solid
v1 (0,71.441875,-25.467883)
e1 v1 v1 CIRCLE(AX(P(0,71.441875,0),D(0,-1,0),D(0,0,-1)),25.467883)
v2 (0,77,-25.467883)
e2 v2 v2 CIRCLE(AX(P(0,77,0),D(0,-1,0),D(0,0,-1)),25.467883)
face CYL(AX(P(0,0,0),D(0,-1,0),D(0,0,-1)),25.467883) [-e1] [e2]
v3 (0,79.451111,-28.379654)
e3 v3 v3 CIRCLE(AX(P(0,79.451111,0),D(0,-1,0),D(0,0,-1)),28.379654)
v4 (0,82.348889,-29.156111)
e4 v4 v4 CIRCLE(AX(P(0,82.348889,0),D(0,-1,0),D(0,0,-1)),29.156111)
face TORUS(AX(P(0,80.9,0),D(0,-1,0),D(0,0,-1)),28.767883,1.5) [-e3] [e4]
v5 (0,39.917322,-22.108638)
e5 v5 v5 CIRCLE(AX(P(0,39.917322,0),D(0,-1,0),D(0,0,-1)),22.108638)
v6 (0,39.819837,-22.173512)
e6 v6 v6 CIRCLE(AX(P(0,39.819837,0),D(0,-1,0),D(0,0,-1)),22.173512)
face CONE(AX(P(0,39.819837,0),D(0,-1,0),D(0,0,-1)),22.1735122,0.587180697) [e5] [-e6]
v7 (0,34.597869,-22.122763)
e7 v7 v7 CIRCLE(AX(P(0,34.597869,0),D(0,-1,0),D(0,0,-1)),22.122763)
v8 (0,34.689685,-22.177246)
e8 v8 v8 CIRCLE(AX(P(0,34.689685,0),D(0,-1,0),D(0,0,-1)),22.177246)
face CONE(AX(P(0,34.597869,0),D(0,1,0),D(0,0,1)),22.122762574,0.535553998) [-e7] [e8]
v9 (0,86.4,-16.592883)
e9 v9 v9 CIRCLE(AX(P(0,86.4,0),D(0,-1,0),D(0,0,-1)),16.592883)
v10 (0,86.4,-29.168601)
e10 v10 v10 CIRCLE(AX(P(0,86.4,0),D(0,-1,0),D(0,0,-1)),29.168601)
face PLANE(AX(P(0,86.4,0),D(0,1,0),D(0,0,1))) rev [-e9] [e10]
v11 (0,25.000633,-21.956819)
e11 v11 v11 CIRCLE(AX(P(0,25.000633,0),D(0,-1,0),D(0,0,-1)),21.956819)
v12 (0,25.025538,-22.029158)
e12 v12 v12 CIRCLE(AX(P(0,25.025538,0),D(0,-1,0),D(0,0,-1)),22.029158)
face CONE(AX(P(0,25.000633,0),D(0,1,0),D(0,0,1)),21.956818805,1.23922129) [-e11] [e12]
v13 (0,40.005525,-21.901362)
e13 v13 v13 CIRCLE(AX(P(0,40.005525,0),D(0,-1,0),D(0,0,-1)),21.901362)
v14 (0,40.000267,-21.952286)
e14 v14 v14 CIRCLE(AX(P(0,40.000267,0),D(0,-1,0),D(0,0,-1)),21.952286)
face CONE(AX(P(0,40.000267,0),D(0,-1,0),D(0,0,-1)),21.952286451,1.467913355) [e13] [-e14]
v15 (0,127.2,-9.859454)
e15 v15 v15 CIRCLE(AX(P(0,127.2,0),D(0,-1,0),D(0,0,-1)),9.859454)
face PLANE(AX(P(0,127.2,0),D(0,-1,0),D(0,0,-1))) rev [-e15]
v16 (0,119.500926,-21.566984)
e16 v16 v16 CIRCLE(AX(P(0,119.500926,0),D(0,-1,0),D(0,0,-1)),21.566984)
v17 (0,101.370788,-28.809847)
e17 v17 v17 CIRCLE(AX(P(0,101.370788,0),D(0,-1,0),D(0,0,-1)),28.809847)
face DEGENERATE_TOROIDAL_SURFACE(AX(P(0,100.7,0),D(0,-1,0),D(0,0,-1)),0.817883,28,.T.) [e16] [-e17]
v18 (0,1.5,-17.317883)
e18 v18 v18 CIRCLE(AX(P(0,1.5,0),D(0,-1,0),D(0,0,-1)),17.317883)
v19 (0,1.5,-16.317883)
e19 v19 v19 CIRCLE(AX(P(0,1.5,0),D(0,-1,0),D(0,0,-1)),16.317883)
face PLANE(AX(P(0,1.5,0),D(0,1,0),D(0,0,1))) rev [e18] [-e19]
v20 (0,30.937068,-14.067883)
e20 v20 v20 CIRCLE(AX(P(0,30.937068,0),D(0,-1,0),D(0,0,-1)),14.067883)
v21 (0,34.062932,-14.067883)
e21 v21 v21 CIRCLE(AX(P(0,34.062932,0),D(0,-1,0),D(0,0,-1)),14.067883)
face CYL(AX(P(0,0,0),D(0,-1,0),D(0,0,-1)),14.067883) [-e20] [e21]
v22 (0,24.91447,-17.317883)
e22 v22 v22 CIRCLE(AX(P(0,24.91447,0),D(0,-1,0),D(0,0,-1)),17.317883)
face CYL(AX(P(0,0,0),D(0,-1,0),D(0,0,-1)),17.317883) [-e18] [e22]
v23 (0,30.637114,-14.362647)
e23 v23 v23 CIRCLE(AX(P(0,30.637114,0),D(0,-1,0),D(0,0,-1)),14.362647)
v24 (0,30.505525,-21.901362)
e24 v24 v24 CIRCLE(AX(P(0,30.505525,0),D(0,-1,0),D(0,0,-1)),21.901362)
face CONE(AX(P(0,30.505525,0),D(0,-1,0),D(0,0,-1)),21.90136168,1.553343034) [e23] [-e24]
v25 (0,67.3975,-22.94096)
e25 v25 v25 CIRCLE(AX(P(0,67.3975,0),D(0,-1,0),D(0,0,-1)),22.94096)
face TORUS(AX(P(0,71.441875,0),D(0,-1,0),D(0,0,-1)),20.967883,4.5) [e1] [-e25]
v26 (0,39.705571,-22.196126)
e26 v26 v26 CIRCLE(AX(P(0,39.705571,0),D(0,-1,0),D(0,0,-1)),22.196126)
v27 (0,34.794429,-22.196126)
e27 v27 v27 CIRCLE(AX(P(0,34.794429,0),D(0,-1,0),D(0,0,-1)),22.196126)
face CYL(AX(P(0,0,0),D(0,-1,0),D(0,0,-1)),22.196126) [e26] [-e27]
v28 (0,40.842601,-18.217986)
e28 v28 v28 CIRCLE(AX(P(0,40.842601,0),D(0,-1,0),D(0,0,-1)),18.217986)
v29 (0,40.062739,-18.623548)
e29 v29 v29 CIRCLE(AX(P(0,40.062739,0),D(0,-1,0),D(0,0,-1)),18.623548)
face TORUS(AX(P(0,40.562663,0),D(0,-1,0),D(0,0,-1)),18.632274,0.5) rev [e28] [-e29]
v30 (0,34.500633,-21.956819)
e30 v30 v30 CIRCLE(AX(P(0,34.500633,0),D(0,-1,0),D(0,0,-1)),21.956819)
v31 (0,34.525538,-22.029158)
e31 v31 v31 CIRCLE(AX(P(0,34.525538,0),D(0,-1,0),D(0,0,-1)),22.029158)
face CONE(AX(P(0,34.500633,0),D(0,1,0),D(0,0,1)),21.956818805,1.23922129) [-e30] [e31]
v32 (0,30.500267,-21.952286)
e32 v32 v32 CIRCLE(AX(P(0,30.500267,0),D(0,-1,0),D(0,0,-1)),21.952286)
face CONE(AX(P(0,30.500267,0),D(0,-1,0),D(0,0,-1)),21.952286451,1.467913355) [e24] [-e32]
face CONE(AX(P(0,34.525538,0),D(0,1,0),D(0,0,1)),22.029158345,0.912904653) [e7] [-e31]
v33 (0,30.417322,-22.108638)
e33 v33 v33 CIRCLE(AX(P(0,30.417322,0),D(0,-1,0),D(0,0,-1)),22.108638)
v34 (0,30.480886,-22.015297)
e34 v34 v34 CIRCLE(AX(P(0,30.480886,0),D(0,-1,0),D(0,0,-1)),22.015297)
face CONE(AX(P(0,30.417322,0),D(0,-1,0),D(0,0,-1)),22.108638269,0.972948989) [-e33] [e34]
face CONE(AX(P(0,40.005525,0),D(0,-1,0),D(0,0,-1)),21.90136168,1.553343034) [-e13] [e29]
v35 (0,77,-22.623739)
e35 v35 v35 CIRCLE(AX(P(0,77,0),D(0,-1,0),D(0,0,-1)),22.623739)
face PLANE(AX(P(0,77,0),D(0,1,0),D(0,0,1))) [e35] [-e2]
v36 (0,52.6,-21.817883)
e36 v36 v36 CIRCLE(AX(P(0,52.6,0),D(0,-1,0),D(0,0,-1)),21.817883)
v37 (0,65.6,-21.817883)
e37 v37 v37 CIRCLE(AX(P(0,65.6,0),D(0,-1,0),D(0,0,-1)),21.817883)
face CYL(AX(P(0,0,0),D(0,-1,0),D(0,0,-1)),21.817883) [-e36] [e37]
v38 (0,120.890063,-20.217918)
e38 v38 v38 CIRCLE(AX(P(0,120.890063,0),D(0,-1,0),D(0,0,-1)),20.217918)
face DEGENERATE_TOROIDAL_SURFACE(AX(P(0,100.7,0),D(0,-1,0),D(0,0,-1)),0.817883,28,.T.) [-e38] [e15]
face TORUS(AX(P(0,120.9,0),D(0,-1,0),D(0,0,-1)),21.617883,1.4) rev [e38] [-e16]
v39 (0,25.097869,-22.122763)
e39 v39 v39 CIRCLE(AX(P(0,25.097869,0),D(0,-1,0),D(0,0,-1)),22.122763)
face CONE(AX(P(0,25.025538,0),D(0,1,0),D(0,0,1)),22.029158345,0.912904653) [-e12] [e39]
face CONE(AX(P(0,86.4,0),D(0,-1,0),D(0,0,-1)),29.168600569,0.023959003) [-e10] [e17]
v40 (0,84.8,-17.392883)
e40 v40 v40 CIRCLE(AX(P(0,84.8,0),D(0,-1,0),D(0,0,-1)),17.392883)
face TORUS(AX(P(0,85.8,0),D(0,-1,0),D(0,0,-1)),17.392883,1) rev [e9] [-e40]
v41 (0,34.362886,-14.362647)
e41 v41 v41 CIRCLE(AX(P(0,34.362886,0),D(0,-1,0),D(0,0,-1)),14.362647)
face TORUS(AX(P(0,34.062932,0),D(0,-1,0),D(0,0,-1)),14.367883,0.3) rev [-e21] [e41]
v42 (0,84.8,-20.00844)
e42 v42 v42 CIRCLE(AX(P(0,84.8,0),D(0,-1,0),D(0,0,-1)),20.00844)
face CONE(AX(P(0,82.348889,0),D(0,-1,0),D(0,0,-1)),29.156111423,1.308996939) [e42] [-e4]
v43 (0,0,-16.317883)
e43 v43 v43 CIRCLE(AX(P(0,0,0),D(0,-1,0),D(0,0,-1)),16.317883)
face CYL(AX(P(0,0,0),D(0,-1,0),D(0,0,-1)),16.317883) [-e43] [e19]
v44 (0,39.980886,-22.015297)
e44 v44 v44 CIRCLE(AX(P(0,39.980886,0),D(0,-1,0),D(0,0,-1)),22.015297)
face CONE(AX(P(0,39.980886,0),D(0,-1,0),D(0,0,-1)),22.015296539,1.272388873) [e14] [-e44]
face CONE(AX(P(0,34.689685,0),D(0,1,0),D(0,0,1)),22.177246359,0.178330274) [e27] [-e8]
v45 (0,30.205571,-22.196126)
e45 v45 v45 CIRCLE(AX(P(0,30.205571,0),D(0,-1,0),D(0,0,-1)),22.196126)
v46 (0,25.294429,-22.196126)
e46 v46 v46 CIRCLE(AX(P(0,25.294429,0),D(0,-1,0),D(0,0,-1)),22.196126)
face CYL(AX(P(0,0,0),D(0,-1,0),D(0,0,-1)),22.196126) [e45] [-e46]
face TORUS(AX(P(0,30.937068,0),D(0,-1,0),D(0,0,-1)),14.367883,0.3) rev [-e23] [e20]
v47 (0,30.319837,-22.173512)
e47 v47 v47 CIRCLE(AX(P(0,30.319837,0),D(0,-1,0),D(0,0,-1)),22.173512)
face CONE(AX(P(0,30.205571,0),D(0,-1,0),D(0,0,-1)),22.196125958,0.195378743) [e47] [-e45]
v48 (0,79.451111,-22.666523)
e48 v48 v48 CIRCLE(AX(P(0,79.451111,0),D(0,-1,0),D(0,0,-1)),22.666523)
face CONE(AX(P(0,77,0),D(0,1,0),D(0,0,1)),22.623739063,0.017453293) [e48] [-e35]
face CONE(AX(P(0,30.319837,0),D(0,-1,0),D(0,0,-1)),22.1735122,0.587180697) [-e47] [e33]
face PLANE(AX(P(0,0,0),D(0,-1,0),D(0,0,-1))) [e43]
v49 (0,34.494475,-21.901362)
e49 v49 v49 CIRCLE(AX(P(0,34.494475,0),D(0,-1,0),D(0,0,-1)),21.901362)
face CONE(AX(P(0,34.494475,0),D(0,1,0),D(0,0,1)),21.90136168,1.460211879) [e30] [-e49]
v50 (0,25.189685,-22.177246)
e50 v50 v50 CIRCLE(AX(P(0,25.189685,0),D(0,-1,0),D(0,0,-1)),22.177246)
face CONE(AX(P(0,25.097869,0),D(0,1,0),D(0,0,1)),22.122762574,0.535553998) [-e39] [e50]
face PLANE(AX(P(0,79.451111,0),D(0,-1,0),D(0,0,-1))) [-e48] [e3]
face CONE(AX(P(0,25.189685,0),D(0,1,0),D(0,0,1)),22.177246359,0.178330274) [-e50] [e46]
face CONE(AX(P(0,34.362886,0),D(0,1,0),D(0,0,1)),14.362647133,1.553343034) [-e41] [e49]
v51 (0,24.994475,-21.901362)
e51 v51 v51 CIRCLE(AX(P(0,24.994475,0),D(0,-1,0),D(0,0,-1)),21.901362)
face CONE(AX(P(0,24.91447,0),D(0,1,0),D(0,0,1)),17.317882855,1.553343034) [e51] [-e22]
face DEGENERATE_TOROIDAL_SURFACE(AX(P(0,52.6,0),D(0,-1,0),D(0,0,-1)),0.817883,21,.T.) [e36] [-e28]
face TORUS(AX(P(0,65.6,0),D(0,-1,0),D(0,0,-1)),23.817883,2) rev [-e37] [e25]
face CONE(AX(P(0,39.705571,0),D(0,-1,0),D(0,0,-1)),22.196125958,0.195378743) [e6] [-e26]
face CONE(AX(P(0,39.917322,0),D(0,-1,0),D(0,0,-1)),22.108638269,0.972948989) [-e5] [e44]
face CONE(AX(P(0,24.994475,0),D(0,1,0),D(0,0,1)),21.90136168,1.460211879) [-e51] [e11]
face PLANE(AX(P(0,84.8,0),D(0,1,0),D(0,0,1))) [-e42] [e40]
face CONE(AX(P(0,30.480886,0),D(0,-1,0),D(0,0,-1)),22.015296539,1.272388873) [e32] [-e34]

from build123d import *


with BuildPart() as part:
    # Croquis1 → Revolución1 (revolve)
    with BuildSketch(Plane.XY, mode=Mode.PRIVATE) as revoluci_n1_sk:
        with BuildLine():
            Line((0, 127.2), (-9.859453515, 127.2))
            ThreePointArc((-9.859453515, 127.2), (-15.384456376, 124.612652213), (-20.217918123, 120.890062694))
            ThreePointArc((-20.217918123, 120.890062694), (-20.613553833, 119.924642007), (-21.566984, 119.500925554))
            ThreePointArc((-21.566984, 119.500925554), (-26.819773718, 111.087572938), (-28.809846766, 101.370787909))
            Line((-28.809846766, 101.370787909), (-29.168600569, 86.4))
            Line((-29.168600569, 86.4), (-16.592882855, 86.4))
            ThreePointArc((-16.592882855, 86.4), (-16.498455664, 85.352786405), (-17.392882855, 84.8))
            Line((-17.392882855, 84.8), (-20.008439663, 84.8))
            Line((-20.008439663, 84.8), (-29.156111423, 82.348888739))
            ThreePointArc((-29.156111423, 82.348888739), (-30.216771595, 80.511771432), (-28.379654287, 79.451111261))
            Line((-28.379654287, 79.451111261), (-22.666523369, 79.451111261))
            Line((-22.666523369, 79.451111261), (-22.623739063, 77))
            Line((-22.623739063, 77), (-25.467882855, 77))
            Line((-25.467882855, 77), (-25.467882855, 71.441874699))
            ThreePointArc((-25.467882855, 71.441874699), (-24.784219197, 69.057429916), (-22.940959778, 67.397499907))
            ThreePointArc((-22.940959778, 67.397499907), (-22.12173337, 66.659753237), (-21.817882855, 65.6))
            Line((-21.817882855, 65.6), (-21.817882855, 52.6))
            ThreePointArc((-21.817882855, 52.6), (-20.897750352, 46.451917265), (-18.217985587, 40.842601269))
            ThreePointArc((-18.217985587, 40.842601269), (-18.188673208, 40.331971719), (-18.623547544, 40.062739356))
            Line((-18.623547544, 40.062739356), (-21.90136168, 40.005524898))
            Line((-21.90136168, 40.005524898), (-21.952286451, 40.000267041))
            Line((-21.952286451, 40.000267041), (-22.015296539, 39.980885632))
            Line((-22.015296539, 39.980885632), (-22.108638269, 39.917321663))
            Line((-22.108638269, 39.917321663), (-22.1735122, 39.819837263))
            Line((-22.1735122, 39.819837263), (-22.196125958, 39.705570589))
            Line((-22.196125958, 39.705570589), (-22.196125958, 34.794429411))
            Line((-22.196125958, 34.794429411), (-22.177246359, 34.689685343))
            Line((-22.177246359, 34.689685343), (-22.122762574, 34.597869384))
            Line((-22.122762574, 34.597869384), (-22.029158345, 34.525538385))
            Line((-22.029158345, 34.525538385), (-21.956818805, 34.50063292))
            Line((-21.956818805, 34.50063292), (-21.90136168, 34.494475102))
            Line((-21.90136168, 34.494475102), (-14.362647133, 34.36288635))
            ThreePointArc((-14.362647133, 34.36288635), (-14.15390772, 34.273204821), (-14.067882855, 34.062932042))
            Line((-14.067882855, 34.062932042), (-14.067882855, 30.937067958))
            ThreePointArc((-14.067882855, 30.937067958), (-14.15390772, 30.726795179), (-14.362647133, 30.63711365))
            Line((-14.362647133, 30.63711365), (-21.90136168, 30.505524898))
            Line((-21.90136168, 30.505524898), (-21.952286451, 30.500267041))
            Line((-21.952286451, 30.500267041), (-22.015296539, 30.480885632))
            Line((-22.015296539, 30.480885632), (-22.108638269, 30.417321663))
            Line((-22.108638269, 30.417321663), (-22.1735122, 30.319837263))
            Line((-22.1735122, 30.319837263), (-22.196125958, 30.205570589))
            Line((-22.196125958, 30.205570589), (-22.196125958, 25.294429411))
            Line((-22.196125958, 25.294429411), (-22.177246359, 25.189685343))
            Line((-22.177246359, 25.189685343), (-22.122762574, 25.097869384))
            Line((-22.122762574, 25.097869384), (-22.029158345, 25.025538385))
            Line((-22.029158345, 25.025538385), (-21.956818805, 25.00063292))
            Line((-21.956818805, 25.00063292), (-21.90136168, 24.994475102))
            Line((-21.90136168, 24.994475102), (-17.317882855, 24.914470182))
            Line((-17.317882855, 24.914470182), (-17.317882855, 1.5))
            Line((-17.317882855, 1.5), (-16.317882855, 1.5))
            Line((-16.317882855, 1.5), (-16.317882855, 0))
            Line((-16.317882855, 0), (0, 0))
            Line((0, 0), (0, 127.2))
        make_face()
    revolve(revoluci_n1_sk.sketch.rotate(Axis((0, 0, 0), (0, 1, 0)), 270), axis=Axis((0, 0, 0), (0, 1, 0)))


solid = part.part
